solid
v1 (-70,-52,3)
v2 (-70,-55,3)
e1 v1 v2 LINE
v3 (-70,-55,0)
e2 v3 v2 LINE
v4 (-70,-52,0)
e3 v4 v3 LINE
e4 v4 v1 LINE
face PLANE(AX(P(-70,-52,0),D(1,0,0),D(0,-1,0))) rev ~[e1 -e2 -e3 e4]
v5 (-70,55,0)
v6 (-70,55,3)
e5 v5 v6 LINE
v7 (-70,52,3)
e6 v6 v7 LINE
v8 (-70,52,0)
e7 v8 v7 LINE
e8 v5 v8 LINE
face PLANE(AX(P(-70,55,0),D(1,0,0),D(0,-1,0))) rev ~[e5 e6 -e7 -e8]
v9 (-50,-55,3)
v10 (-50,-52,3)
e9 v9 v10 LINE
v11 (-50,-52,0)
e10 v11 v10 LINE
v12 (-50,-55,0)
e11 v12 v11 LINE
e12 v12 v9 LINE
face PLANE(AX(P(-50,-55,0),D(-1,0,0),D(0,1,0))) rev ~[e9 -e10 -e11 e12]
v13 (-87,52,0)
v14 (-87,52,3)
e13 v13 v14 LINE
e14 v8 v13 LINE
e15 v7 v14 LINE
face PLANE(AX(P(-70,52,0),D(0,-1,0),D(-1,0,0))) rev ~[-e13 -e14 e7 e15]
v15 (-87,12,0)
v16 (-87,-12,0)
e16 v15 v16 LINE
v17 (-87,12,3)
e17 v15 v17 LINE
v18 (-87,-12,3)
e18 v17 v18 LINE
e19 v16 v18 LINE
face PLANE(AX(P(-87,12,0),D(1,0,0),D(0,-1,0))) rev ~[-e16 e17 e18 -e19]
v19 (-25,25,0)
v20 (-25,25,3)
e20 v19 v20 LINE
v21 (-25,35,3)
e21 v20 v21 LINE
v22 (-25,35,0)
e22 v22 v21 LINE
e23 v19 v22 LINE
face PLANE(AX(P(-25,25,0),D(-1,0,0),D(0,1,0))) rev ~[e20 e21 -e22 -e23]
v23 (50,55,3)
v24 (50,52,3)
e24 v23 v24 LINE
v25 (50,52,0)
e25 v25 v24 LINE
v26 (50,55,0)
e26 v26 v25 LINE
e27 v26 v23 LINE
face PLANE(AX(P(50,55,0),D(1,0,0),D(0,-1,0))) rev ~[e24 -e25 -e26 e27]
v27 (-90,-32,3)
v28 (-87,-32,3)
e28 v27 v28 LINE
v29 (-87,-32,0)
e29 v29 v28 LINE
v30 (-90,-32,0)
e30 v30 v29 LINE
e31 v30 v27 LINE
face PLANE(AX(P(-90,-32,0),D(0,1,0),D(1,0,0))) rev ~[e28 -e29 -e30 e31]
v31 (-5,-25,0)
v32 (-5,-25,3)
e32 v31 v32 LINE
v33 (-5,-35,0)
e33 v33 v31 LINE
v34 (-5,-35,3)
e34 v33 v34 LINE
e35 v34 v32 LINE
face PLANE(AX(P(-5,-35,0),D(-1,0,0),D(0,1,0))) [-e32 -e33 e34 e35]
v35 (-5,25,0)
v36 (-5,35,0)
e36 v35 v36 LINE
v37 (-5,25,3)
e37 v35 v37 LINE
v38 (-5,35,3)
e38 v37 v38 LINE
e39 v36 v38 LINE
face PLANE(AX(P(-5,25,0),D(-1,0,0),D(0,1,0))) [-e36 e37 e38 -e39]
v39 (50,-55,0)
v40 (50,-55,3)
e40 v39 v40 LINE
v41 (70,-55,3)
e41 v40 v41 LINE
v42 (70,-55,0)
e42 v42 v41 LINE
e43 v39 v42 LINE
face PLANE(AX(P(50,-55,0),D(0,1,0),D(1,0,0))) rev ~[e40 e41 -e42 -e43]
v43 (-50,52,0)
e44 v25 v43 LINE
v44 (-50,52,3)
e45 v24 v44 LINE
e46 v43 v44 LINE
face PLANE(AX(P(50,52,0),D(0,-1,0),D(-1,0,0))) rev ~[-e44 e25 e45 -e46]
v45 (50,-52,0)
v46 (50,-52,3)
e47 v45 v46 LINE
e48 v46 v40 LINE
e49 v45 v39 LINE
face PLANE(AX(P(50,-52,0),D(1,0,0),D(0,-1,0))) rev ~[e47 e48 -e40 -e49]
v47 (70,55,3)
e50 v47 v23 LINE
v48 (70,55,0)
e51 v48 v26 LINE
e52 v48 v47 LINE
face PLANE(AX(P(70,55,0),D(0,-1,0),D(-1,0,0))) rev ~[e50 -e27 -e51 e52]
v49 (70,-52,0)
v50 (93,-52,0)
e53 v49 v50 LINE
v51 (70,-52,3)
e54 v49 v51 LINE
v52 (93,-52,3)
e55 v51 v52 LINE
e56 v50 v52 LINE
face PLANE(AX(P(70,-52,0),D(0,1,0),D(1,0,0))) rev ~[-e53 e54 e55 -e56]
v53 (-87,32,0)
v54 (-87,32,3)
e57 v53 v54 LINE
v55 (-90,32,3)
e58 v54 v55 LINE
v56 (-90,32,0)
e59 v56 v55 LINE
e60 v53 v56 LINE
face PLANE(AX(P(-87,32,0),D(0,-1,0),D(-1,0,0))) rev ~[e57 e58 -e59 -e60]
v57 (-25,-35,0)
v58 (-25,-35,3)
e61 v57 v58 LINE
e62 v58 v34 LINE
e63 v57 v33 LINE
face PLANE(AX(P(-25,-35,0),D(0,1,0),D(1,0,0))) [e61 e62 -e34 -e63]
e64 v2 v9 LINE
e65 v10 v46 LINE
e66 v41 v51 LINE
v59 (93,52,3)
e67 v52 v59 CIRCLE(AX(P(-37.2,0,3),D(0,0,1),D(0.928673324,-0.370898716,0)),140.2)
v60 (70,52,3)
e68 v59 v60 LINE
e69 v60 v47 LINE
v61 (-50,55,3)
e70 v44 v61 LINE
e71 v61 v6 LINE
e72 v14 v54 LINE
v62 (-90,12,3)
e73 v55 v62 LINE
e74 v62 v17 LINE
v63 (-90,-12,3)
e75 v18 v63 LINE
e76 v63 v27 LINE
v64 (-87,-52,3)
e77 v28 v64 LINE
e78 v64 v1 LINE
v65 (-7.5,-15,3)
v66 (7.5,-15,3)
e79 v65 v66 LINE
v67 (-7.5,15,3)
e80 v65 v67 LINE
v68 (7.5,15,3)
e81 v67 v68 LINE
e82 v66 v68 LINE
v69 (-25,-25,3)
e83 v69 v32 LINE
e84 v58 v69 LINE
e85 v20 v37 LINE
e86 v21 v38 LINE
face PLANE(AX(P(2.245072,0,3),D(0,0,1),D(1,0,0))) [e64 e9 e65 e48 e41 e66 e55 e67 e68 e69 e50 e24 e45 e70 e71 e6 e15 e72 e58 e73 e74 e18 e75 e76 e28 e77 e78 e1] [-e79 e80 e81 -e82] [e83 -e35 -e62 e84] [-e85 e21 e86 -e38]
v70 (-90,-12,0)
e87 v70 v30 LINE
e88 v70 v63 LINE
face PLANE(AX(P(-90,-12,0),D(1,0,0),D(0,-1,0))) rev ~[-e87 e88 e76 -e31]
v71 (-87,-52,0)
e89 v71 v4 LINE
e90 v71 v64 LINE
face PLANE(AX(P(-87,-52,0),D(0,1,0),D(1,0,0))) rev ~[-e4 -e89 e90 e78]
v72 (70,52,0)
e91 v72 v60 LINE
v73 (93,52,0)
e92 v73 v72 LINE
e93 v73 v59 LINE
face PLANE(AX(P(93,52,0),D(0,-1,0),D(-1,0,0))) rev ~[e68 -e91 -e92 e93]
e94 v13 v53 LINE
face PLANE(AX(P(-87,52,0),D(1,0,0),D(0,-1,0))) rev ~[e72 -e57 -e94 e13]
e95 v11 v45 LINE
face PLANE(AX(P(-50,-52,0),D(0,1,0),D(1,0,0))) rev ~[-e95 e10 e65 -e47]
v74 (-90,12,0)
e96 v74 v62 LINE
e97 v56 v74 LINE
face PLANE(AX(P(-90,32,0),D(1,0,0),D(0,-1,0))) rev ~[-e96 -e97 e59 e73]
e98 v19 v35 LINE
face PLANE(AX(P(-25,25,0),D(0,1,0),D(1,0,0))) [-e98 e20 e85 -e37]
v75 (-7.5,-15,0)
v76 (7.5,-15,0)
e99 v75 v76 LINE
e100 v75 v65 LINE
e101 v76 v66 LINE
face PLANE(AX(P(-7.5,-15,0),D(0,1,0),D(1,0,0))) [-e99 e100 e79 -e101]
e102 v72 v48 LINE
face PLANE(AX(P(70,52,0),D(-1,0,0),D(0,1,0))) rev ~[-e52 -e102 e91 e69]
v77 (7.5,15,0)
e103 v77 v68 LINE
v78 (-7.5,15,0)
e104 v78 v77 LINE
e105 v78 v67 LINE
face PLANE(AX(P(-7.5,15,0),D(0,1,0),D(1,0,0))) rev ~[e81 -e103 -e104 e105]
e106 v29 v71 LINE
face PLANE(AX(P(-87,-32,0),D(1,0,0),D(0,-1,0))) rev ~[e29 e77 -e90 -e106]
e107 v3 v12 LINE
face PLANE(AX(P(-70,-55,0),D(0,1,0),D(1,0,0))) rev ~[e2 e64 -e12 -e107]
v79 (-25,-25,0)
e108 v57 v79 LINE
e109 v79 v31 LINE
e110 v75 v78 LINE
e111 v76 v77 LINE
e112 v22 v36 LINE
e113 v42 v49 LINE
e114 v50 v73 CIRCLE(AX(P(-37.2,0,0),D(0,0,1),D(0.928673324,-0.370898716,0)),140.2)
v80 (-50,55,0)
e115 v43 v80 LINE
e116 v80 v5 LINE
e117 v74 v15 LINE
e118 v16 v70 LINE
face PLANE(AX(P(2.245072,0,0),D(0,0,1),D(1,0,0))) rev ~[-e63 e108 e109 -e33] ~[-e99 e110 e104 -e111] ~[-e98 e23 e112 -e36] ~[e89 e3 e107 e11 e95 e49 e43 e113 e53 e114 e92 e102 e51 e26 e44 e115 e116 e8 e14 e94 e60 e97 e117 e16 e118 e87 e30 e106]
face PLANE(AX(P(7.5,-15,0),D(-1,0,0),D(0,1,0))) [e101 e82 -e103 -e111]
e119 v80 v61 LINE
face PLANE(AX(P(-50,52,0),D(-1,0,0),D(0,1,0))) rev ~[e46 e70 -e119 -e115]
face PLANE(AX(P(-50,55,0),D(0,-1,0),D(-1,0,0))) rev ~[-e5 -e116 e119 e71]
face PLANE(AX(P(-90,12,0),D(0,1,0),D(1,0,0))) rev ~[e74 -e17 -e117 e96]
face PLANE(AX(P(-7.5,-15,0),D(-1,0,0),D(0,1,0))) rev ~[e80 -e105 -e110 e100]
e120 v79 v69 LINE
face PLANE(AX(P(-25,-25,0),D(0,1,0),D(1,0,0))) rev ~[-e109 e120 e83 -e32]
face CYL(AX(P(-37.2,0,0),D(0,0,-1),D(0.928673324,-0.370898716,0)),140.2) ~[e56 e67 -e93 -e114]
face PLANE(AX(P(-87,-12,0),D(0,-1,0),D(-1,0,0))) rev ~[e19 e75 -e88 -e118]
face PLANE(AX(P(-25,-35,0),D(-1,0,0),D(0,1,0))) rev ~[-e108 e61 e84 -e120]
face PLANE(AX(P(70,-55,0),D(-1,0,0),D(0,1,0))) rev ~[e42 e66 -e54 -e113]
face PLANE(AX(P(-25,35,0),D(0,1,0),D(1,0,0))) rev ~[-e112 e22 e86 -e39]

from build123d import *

# Parameters (mm, degrees)
SKETCH1_W           = 15
SKETCH1_H           = 30
SKETCH1_W_2         = 20
SKETCH1_H_2         = 10
BOSS_EXTRUDE1_DEPTH = 3


with BuildPart() as part:
    # Sketch1 → Boss-Extrude1 (new body)
    with BuildSketch(Plane.XY):
        with BuildLine():
            Line((-50, 52), (-50, 55))
            Line((-50, 55), (-70, 55))
            Line((-70, 55), (-70, 52))
            Line((-70, 52), (-87, 52))
            Line((-87, 52), (-87, 32))
            Line((-87, 32), (-90, 32))
            Line((-90, 32), (-90, 12))
            Line((-90, 12), (-87, 12))
            Line((-87, 12), (-87, -12))
            Line((-87, -12), (-90, -12))
            Line((-90, -12), (-90, -32))
            Line((-90, -32), (-87, -32))
            Line((-87, -32), (-87, -52))
            Line((-87, -52), (-70, -52))
            Line((-70, -52), (-70, -55))
            Line((-70, -55), (-50, -55))
            Line((-50, -55), (-50, -52))
            Line((-50, -52), (50, -52))
            Line((50, -52), (50, -55))
            Line((50, -55), (70, -55))
            Line((70, -55), (70, -52))
            Line((70, -52), (90, -52))
            Line((90, -52), (93, -52))
            ThreePointArc((93, -52), (103, 0), (93, 52))
            Line((93, 52), (90, 52))
            Line((90, 52), (70, 52))
            Line((70, 52), (70, 55))
            Line((70, 55), (50, 55))
            Line((50, 55), (50, 52))
            Line((50, 52), (-50, 52))
        make_face()
        Rectangle(SKETCH1_W, SKETCH1_H, mode=Mode.SUBTRACT)
        with Locations((-15, 30)):
            Rectangle(SKETCH1_W_2, SKETCH1_H_2, mode=Mode.SUBTRACT)
        with Locations((-15, -30)):
            Rectangle(SKETCH1_W_2, SKETCH1_H_2, mode=Mode.SUBTRACT)
    extrude(amount=BOSS_EXTRUDE1_DEPTH)


solid = part.part
